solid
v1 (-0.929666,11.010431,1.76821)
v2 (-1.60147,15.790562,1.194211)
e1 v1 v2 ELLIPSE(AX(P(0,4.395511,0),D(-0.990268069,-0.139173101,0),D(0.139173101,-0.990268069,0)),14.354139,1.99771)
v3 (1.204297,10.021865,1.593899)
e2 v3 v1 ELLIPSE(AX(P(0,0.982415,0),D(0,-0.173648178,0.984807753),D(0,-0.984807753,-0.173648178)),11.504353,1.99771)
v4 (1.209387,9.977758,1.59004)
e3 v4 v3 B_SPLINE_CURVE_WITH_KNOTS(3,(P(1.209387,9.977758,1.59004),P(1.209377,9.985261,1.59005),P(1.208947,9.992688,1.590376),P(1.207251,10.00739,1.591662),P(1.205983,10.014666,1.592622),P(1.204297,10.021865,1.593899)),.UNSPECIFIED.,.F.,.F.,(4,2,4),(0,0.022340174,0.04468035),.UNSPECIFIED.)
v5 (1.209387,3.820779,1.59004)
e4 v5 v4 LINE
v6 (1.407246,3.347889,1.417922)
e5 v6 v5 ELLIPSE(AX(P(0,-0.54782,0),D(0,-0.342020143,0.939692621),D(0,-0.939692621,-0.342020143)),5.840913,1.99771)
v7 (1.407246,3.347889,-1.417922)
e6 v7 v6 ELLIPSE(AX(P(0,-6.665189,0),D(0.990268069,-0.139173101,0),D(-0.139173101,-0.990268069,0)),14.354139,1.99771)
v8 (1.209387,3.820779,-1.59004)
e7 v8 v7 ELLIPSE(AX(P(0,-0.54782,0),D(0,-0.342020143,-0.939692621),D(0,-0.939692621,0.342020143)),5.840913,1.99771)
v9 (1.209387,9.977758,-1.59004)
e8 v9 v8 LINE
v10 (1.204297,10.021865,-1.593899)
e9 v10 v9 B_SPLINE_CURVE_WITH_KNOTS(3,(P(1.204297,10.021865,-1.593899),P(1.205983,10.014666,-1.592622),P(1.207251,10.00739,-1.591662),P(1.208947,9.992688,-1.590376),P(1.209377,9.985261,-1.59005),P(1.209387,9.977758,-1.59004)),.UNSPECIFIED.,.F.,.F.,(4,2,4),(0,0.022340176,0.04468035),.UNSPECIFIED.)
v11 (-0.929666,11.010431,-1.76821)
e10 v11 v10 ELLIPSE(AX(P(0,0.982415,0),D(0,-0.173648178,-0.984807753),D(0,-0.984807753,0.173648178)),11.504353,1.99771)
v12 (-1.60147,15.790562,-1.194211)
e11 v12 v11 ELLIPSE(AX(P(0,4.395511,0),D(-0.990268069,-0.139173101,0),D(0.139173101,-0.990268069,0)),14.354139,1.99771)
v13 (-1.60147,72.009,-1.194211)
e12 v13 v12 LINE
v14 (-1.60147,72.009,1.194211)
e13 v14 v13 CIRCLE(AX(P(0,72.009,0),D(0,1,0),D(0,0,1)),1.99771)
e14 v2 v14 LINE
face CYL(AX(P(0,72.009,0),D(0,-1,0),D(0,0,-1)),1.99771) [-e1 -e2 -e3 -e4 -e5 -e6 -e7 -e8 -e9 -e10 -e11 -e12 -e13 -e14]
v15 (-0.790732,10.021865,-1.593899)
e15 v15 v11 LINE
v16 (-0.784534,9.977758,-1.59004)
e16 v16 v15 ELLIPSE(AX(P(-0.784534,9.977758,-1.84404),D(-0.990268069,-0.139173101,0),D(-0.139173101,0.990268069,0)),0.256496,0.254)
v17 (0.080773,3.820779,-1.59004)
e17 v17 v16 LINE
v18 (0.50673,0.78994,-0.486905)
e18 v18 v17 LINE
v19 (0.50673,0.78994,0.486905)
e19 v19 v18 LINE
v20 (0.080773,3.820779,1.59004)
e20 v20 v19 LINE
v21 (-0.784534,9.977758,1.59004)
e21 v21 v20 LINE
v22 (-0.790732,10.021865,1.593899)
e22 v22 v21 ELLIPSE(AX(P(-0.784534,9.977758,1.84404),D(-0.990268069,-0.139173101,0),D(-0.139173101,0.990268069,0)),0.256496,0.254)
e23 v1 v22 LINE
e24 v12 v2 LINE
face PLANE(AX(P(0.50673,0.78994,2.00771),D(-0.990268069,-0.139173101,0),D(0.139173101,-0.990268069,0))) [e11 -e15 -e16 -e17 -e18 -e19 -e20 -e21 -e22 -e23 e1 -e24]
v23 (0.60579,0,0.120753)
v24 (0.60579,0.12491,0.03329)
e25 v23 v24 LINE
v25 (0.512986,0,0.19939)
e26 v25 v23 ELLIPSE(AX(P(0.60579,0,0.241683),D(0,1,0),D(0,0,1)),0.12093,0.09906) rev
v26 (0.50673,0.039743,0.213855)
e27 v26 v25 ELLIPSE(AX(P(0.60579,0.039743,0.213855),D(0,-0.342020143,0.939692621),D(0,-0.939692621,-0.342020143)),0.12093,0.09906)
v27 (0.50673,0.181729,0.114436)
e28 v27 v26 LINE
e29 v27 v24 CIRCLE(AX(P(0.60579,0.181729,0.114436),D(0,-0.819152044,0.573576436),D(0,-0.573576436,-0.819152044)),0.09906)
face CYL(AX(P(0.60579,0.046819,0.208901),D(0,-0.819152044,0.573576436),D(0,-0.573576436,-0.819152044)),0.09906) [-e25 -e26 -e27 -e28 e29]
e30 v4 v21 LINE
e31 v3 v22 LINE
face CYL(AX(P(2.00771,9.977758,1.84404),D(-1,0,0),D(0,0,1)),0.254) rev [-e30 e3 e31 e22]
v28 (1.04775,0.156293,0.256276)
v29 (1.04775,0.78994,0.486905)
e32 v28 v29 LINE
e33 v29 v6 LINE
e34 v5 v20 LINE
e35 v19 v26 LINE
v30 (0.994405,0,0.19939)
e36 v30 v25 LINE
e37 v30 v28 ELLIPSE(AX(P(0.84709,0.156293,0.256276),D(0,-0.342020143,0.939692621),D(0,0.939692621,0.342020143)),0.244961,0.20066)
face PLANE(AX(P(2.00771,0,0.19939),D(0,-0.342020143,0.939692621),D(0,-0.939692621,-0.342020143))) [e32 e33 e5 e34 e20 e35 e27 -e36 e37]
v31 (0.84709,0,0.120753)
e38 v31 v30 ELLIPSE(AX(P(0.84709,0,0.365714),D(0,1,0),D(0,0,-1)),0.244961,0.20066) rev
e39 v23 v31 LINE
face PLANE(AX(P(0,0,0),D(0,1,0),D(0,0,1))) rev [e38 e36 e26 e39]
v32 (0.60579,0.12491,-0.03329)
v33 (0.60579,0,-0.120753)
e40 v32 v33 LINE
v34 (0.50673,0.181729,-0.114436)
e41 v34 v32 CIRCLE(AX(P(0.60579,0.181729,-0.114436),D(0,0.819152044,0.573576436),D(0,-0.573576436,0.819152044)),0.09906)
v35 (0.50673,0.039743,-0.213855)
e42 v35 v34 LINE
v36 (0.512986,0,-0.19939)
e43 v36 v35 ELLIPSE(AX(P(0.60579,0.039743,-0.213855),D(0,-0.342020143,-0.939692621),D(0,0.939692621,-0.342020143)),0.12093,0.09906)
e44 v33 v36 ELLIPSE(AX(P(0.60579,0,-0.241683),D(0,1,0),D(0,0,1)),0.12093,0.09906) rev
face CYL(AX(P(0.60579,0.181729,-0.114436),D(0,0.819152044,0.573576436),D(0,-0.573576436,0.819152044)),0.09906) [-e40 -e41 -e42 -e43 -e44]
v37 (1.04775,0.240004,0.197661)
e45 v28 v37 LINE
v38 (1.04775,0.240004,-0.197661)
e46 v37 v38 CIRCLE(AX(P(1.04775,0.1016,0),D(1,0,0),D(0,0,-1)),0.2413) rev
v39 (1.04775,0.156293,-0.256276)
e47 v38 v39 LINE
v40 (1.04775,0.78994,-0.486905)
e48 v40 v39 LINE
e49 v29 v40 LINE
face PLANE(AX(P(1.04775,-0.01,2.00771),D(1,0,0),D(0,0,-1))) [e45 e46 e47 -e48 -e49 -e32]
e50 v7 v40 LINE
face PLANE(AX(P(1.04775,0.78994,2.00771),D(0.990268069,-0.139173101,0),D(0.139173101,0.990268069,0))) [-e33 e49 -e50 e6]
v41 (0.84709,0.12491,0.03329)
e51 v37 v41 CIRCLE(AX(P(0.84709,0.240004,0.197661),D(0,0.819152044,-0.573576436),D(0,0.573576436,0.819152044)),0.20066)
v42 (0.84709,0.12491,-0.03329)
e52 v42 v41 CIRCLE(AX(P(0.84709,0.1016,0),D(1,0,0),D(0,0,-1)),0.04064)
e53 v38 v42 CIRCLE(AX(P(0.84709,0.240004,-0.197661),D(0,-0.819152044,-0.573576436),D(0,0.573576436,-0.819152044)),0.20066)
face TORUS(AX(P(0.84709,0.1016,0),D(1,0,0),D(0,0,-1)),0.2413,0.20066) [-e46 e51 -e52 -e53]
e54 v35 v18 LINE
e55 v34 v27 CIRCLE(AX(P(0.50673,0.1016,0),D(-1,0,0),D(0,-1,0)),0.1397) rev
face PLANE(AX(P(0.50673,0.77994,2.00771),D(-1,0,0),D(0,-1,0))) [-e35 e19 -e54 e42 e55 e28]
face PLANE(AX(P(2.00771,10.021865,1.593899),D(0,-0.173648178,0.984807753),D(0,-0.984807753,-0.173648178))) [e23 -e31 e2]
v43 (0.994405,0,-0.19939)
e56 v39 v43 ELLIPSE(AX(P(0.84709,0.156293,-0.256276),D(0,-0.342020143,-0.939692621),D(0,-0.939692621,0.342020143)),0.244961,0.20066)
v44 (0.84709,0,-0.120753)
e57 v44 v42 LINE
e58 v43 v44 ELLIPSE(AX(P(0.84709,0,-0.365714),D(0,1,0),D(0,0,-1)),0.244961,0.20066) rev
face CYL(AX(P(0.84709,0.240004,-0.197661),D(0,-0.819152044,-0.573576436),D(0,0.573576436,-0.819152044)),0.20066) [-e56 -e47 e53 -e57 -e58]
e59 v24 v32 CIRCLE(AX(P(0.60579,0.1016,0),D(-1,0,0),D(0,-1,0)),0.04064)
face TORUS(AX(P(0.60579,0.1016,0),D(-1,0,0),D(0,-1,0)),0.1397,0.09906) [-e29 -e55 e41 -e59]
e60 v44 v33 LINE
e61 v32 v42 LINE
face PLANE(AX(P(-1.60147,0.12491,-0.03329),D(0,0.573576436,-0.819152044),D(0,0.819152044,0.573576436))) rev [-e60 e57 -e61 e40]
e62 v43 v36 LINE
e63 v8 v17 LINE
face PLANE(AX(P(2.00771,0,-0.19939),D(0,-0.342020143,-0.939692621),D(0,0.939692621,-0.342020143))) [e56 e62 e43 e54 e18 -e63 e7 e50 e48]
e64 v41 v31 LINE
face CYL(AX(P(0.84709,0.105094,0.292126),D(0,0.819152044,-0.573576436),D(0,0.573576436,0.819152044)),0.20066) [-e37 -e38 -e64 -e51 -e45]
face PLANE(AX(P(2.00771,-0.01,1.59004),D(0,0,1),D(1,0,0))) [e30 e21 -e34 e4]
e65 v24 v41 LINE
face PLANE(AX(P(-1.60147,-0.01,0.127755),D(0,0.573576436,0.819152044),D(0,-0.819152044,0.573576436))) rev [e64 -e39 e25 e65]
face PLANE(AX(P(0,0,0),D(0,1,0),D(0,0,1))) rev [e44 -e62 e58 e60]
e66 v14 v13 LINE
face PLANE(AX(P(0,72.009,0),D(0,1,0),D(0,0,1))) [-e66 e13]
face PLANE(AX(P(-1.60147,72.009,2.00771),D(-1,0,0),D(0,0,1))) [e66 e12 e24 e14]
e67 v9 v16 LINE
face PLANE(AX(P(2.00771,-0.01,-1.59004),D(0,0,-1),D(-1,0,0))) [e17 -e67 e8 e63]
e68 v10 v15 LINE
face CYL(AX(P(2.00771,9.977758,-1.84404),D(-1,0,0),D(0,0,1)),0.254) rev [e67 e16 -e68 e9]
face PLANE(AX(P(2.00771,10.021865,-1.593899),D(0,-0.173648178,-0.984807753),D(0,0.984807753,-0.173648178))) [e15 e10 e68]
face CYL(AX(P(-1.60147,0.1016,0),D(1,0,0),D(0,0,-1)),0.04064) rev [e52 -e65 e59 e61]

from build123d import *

# Parameters (mm, degrees)
SKETCH_TL_CUTTING_R    = 1.99771
TL_CUTTING_DEPTH       = 72.009
SKETCH_TDF_CUTTING_W   = 4.01541996
SKETCH_TDF_CUTTING_H   = 4.01541996
TDF_CUTTING_DEPTH      = 73.064400167
VW_VR_GRINDING_DEPTH   = 2.00770998
VW_VR_GRINDING_2_DEPTH = 2.00770998
ISA_GRINDING_DEPTH     = 2.00770998
SKETCH_PRE_FRX_BRX_W   = 0.93996002
SKETCH_PRE_FRX_BRX_H   = 0.78994
SKETCH_PRE_FRX_BRX_W_2 = 2.52443996
PRE_FRX_BRX_DEPTH      = 2.00770998
FA_BA_GRINDING_DEPTH   = 2.00770998
BR_EDM_R               = 0.09906
FR_EDM_R               = 0.20066


with BuildPart() as part:
    # sketch_TL_cutting → TL_cutting (new body)
    with BuildSketch(Plane(origin=(0, 0, 0), x_dir=(1, 0, 0), z_dir=(0, 1, 0))):
        with Locations(Location((0, 0, 0), (0, 0, 270))):
            Circle(SKETCH_TL_CUTTING_R)
    extrude(amount=TL_CUTTING_DEPTH)

    # sketch_TDF_cutting → TDF_cutting (cut, through all)
    with BuildSketch(Plane(origin=(0, 0, 0), x_dir=(1, 0, 0), z_dir=(0, 1, 0))):
        with Locations((-3.60917998, 0)):
            Rectangle(SKETCH_TDF_CUTTING_W, SKETCH_TDF_CUTTING_H)
    extrude(amount=TDF_CUTTING_DEPTH, mode=Mode.SUBTRACT)


with BuildPart() as body_2:
    # sketch_VW_VR_grinding → VW_VR_grinding (new, symmetric)
    with BuildSketch(Plane(origin=(0, 0, 0), x_dir=(0, 0, -1), z_dir=(1, 0, 0))):
        with BuildLine():
            Line((-1.59004, -0.00999998), (-1.59004, 9.977757879))
            ThreePointArc((-1.59004, 9.977757879), (-1.591006547, 9.999895438), (-1.593898831, 10.021864517))
            Line((-1.593898831, 10.021864517), (-2.01770996, 12.425416869))
            Line((-2.01770996, 12.425416869), (-2.00770998, -0.00999998))
            Line((-2.00770998, -0.00999998), (-1.59004, -0.00999998))
        make_face()
    extrude(amount=VW_VR_GRINDING_DEPTH, both=True)


with BuildPart() as body_3:
    # sketch_VW_VR_grinding → VW_VR_grinding 2 (new, symmetric)
    with BuildSketch(Plane(origin=(0, 0, 0), x_dir=(0, 0, -1), z_dir=(1, 0, 0))):
        with BuildLine():
            Line((1.59004, -0.00999998), (1.59004, 9.977757879))
            ThreePointArc((1.59004, 9.977757879), (1.591006547, 9.999895438), (1.593898831, 10.021864517))
            Line((1.593898831, 10.021864517), (2.01770996, 12.425416869))
            Line((2.01770996, 12.425416869), (2.00770998, -0.00999998))
            Line((2.00770998, -0.00999998), (1.59004, -0.00999998))
        make_face()
    extrude(amount=VW_VR_GRINDING_2_DEPTH, both=True)


    add(body_2.part)  # ISA_grinding merges body 2
    # sketch_ISA_grinding → ISA_grinding (add, symmetric)
    with BuildSketch(Plane(origin=(0, 0, 0), x_dir=(0, 0, -1), z_dir=(1, 0, 0))):
        Polygon((-0.19939, 0), (0.19939, 0), (2.00770998, 4.968318312), (2.00770998, -0.02999994), (-2.00770998, -0.02999994), (-2.00770998, 4.968318312), align=None)
    extrude(amount=ISA_GRINDING_DEPTH, both=True)

    # sketch_pre_FRX_BRX → pre_FRX_BRX (add, symmetric)
    with BuildSketch(Plane.XY):
        with Locations((1.52772999, 0.38497002)):
            Rectangle(SKETCH_PRE_FRX_BRX_W, SKETCH_PRE_FRX_BRX_H)
        with Locations((-0.75548998, 0.38497002)):
            Rectangle(SKETCH_PRE_FRX_BRX_W_2, SKETCH_PRE_FRX_BRX_H)
    extrude(amount=PRE_FRX_BRX_DEPTH, both=True)

    # sketch_FA_BA_grinding → FA_BA_grinding (add, symmetric)
    with BuildSketch(Plane.XY):
        Polygon((1.04775, -0.00999998), (1.04775, 0.78994), (2.12471, 8.452908576), (2.12471, -0.00999998), align=None)
        Polygon((0.50673, -0.00999998), (0.50673, 0.78994), (-1.72847, 16.694214403), (-1.72847, -0.00999998), align=None)
    extrude(amount=FA_BA_GRINDING_DEPTH, both=True)


with BuildPart() as part_1:
    add(part.part)

    # B1_fix: cut body 3
    add(body_3.part, mode=Mode.SUBTRACT)

    # V-Groove_EDM: sweep along a path in sketch_contour_V-Groove
    with BuildLine(Plane.XY) as v_groove_edm_path:
        Line((-1.60147, 0.14224), (1.99771, 0.14224))
    # sketch_section_V-Groove → V-Groove_EDM (sweep, cut)
    with BuildSketch(Plane(origin=(-1.60147, 0, -1.2954), x_dir=(0, 0, -1), z_dir=(1, 0, 0))):
        with BuildLine():
            Line((-1.262109661, 0.124910146), (-1.167644573, -0.00999998))
            Line((-1.167644573, -0.00999998), (-1.423155427, -0.00999998))
            Line((-1.423155427, -0.00999998), (-1.328690339, 0.124910146))
            ThreePointArc((-1.328690339, 0.124910146), (-1.2954, 0.14224), (-1.262109661, 0.124910146))
        make_face()
    sweep(path=v_groove_edm_path.line, mode=Mode.SUBTRACT)

    # BR_EDM
    br_edm_edges = [part_1.edges().sort_by_distance(p)[0] for p in [
        (0.50673, 0.14224, 0),
        (0.50673, 0.062455073, -0.077021852),
        (0.50673, 0.062455073, 0.077021852),
    ]]
    fillet(br_edm_edges, radius=BR_EDM_R)

    # FR_EDM
    fr_edm_edges = [part_1.edges().sort_by_distance(p)[0] for p in [
        (1.04775, 0.062455073, -0.077021852),
        (1.04775, 0.062455073, 0.077021852),
        (1.04775, 0.14224, 0),
    ]]
    fillet(fr_edm_edges, radius=FR_EDM_R)


solid = part_1.part
